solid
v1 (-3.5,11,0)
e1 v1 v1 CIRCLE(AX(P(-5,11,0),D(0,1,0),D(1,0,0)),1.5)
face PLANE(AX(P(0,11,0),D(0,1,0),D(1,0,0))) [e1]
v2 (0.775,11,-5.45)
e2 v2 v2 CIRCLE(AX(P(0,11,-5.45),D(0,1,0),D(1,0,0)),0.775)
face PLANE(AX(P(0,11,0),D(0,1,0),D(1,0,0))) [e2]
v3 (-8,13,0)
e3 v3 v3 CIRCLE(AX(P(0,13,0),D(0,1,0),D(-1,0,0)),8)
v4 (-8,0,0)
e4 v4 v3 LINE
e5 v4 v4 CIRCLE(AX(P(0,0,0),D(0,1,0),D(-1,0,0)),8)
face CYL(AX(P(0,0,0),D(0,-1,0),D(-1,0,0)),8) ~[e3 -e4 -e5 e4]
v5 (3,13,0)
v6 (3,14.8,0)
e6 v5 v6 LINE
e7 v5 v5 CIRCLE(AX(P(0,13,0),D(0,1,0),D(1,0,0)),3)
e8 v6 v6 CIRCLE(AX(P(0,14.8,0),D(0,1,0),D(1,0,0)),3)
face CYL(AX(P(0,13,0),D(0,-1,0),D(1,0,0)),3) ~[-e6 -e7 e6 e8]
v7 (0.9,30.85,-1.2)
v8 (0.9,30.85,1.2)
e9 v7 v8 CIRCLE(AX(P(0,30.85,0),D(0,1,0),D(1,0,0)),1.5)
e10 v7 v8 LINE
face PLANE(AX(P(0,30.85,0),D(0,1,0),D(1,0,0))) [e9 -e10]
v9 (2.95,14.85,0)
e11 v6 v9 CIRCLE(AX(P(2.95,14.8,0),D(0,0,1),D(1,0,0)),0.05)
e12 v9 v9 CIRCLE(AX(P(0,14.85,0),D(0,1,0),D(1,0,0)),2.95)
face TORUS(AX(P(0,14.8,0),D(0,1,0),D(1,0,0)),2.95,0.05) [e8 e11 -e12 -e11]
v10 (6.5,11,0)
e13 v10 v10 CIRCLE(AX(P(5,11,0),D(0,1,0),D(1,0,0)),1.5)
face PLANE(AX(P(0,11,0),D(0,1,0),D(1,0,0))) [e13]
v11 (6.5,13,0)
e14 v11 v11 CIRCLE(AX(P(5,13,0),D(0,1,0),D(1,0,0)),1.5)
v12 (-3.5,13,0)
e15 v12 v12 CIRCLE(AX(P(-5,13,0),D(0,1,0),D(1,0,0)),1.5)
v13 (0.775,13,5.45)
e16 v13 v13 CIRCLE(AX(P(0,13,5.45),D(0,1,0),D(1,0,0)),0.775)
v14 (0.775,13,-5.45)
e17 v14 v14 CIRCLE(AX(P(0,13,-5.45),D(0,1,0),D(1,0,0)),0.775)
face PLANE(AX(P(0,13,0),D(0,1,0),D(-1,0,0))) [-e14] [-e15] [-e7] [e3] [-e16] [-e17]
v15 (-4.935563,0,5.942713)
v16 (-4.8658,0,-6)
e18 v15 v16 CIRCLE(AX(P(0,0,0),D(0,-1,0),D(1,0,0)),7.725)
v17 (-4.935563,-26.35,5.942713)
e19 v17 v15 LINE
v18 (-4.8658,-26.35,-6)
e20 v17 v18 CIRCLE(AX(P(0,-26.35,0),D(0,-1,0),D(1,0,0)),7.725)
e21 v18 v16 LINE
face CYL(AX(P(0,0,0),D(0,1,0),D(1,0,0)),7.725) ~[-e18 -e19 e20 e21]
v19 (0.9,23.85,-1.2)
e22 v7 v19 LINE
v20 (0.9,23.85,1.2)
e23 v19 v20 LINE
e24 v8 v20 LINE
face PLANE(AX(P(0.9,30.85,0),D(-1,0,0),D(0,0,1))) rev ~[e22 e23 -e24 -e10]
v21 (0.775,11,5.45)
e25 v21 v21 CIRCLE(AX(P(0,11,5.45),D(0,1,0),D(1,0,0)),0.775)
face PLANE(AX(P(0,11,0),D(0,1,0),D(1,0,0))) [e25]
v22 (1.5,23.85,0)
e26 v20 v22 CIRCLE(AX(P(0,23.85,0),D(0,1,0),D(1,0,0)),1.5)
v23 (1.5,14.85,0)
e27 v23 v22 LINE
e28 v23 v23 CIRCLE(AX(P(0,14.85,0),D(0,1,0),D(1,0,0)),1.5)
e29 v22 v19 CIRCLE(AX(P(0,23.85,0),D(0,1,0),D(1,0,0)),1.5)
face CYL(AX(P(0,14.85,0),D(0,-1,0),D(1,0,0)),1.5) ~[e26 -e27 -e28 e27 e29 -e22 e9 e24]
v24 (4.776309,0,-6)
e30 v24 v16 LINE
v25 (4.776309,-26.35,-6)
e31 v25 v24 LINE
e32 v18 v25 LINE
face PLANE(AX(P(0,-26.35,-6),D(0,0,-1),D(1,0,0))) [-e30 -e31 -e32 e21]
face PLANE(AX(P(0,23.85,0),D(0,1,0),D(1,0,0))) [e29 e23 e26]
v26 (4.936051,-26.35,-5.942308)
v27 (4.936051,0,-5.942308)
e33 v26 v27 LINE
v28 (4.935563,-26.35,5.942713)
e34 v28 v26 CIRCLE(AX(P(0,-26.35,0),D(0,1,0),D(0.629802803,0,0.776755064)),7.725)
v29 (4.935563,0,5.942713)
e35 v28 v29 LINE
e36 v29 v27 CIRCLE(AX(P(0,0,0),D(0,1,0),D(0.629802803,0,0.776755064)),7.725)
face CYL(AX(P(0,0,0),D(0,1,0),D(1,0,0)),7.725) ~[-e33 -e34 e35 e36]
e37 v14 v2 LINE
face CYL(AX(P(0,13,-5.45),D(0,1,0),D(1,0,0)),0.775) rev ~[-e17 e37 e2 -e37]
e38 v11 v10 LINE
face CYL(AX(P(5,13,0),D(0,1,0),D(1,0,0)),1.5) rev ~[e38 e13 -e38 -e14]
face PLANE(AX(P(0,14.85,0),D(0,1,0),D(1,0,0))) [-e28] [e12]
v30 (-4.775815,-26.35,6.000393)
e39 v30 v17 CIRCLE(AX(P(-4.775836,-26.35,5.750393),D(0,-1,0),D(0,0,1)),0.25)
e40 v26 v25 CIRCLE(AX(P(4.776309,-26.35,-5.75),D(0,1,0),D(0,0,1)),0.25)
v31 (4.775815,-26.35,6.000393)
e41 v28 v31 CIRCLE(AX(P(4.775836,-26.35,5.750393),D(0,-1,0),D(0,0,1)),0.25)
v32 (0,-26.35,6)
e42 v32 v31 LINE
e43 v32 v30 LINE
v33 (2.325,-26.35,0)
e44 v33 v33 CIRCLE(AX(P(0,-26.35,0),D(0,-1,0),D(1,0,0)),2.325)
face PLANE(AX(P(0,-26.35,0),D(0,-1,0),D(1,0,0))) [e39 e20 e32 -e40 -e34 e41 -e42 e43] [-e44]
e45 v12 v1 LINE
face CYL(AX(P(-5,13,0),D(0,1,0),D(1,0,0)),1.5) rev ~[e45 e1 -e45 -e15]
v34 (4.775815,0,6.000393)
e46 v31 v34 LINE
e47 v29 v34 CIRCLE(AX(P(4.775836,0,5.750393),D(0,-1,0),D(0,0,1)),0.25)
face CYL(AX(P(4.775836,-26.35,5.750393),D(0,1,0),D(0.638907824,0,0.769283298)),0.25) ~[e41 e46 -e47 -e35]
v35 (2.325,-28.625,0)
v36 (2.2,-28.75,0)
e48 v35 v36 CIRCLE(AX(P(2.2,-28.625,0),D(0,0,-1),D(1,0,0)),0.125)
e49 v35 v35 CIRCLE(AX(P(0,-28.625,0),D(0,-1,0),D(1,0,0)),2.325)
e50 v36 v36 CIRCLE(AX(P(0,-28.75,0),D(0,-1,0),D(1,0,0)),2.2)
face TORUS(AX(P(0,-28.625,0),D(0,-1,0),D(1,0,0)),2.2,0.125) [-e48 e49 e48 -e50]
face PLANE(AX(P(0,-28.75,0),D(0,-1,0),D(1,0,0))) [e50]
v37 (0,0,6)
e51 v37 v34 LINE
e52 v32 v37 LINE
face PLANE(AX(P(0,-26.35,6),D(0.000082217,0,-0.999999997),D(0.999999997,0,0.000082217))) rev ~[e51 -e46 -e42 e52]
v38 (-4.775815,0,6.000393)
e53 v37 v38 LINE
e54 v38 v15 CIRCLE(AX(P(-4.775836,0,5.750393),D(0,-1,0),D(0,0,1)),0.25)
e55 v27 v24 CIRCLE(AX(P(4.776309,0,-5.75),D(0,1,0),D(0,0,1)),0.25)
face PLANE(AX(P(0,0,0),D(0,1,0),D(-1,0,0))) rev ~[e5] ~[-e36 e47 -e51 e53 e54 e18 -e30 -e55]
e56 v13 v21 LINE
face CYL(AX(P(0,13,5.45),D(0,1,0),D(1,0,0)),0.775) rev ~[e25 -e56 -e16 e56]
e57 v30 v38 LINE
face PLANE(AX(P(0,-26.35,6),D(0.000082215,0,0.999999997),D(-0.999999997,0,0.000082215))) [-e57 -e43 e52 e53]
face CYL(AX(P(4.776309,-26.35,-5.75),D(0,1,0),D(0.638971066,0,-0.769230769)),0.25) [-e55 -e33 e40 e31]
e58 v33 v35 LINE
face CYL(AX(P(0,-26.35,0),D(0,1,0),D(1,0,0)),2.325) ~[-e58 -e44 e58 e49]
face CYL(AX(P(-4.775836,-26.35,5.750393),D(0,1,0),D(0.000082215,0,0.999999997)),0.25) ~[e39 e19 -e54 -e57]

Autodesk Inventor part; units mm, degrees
ref_plane "YZ Plane" through (0, 0, 0) normal (1, 0, 0) x (0, 1, 0)
ref_plane "XZ Plane" through (0, 0, 0) normal (0, 1, 0) x (-1, 0, 0)
ref_plane "XY Plane" through (0, 0, 0) normal (0, 0, 1) x (1, 0, 0)
sketch "Sketch1" plane through (0, 0, 0) normal (0, 1, 0) x (-1, 0, 0)
  circle A0 centre (0, 0) radius 8
  dimension "d0" = 16
extrude "Extrusion1" add sketch "Sketch1" along normal blind 13
sketch "Sketch2" plane through (0, 13, 0) normal (0, 1, 0) x (1, 0, 0)
  circle A0 centre (0, 0) radius 3
  dimension "d3" = 6
extrude "Extrusion2" add sketch "Sketch2" along normal blind 1.85
sketch "Sketch3" plane through (0, 14.85, 0) normal (0, 1, 0) x (1, 0, 0)
  circle A0 centre (0, 0) radius 1.5
  dimension "d6" = 3
extrude "Extrusion3" add sketch "Sketch3" along normal blind 16
sketch "Sketch4" plane through (0, 30.85, 0) normal (0, 1, 0) x (1, 0, 0)
  circle A0 centre (0, 0) radius 1.5 projected
  line L0 (0.9, 0) -> (0.9, 1.2)
  line L1 (0.9, 1.2) -> (0.9, -1.2)
  circle A1 centre (0, 0) radius 3 projected
  arc A2 (0.9, -1.2) -> (0.9, 1.2) centre (0, 0) ccw
extrude "Extrusion4" cut sketch "Sketch4" against normal blind 7 contours A0 L1 L0 picked at (0.9839, 0.7204)
sketch "Sketch5" plane through (0, 13, 0) normal (0, 1, 0) x (1, 0, 0)
  circle A0 centre (5, 0) radius 1.5
  circle A1 centre (-5, 0) radius 1.5
  point P0 (0, 0)
extrude "Extrusion5" cut sketch "Sketch5" against normal blind 2
sketch "Sketch6" plane through (0, 13, 0) normal (0, 1, 0) x (1, 0, 0)
  circle A0 centre (0, 0) radius 8 projected
  circle A1 centre (0, -5.45) radius 0.775
  line L0 (-8, 0) -> (8, 0)
  circle A2 centre (0, 5.45) radius 0.775
extrude "Extrusion6" cut sketch "Sketch6" against normal blind 2 contours A1 | A2
sketch "Sketch7" plane through (0, 13, 0) normal (0, 1, 0) x (1, 0, 0)
  point P0 (0, 0)
sketch "Sketch8" plane through (0, 0, 0) normal (0, -1, 0) x (1, 0, 0)
  circle A0 centre (0, 0) radius 7.725
  dimension "d22" = 15.45
extrude "Extrusion7" add sketch "Sketch8" along normal blind 26.35
sketch "Sketch9" plane through (0, -26.35, 0) normal (0, -1, 0) x (1, 0, 0)
  line L0 (0, -6) -> (-4.8658, -6)
  circle A0 centre (0, 0) radius 7.725 projected
  line L1 (0, -6) -> (4.8658, -6)
  line L2 (0, 6) -> (-4.8653, 6.0004)
  line L3 (0, 6) -> (4.8652, 6.0004)
  arc A1 (-4.8658, -6) -> (4.8658, -6) centre (0, 0) ccw
  arc A2 (4.8652, 6.0004) -> (-4.8653, 6.0004) centre (0, 0) ccw
extrude "Extrusion8" cut sketch "Sketch9" against normal blind 26.35 contours L1 A0 L0 | A0 L3 L2
sketch "Sketch10" plane through (0, -26.35, 0) normal (0, -1, 0) x (1, 0, 0)
  circle A0 centre (0, 0) radius 2.325
  dimension "d29" = 4.65
extrude "Extrusion9" add sketch "Sketch10" along normal blind 2.4
fillet "Fillet1" radius 0.125 1 edges at (-2.325, -28.75, 0)
fillet "Fillet2" radius 0.05 1 edges at (-3, 14.85, 0)
fillet "Fillet3" radius 0.25 3 edges at (4.8658, -13.175, -6) (-4.8653, -13.175, 6.0004) (4.8652, -13.175, 6.0004)
properties part number "Dc Motor 3mm D Shaft"
